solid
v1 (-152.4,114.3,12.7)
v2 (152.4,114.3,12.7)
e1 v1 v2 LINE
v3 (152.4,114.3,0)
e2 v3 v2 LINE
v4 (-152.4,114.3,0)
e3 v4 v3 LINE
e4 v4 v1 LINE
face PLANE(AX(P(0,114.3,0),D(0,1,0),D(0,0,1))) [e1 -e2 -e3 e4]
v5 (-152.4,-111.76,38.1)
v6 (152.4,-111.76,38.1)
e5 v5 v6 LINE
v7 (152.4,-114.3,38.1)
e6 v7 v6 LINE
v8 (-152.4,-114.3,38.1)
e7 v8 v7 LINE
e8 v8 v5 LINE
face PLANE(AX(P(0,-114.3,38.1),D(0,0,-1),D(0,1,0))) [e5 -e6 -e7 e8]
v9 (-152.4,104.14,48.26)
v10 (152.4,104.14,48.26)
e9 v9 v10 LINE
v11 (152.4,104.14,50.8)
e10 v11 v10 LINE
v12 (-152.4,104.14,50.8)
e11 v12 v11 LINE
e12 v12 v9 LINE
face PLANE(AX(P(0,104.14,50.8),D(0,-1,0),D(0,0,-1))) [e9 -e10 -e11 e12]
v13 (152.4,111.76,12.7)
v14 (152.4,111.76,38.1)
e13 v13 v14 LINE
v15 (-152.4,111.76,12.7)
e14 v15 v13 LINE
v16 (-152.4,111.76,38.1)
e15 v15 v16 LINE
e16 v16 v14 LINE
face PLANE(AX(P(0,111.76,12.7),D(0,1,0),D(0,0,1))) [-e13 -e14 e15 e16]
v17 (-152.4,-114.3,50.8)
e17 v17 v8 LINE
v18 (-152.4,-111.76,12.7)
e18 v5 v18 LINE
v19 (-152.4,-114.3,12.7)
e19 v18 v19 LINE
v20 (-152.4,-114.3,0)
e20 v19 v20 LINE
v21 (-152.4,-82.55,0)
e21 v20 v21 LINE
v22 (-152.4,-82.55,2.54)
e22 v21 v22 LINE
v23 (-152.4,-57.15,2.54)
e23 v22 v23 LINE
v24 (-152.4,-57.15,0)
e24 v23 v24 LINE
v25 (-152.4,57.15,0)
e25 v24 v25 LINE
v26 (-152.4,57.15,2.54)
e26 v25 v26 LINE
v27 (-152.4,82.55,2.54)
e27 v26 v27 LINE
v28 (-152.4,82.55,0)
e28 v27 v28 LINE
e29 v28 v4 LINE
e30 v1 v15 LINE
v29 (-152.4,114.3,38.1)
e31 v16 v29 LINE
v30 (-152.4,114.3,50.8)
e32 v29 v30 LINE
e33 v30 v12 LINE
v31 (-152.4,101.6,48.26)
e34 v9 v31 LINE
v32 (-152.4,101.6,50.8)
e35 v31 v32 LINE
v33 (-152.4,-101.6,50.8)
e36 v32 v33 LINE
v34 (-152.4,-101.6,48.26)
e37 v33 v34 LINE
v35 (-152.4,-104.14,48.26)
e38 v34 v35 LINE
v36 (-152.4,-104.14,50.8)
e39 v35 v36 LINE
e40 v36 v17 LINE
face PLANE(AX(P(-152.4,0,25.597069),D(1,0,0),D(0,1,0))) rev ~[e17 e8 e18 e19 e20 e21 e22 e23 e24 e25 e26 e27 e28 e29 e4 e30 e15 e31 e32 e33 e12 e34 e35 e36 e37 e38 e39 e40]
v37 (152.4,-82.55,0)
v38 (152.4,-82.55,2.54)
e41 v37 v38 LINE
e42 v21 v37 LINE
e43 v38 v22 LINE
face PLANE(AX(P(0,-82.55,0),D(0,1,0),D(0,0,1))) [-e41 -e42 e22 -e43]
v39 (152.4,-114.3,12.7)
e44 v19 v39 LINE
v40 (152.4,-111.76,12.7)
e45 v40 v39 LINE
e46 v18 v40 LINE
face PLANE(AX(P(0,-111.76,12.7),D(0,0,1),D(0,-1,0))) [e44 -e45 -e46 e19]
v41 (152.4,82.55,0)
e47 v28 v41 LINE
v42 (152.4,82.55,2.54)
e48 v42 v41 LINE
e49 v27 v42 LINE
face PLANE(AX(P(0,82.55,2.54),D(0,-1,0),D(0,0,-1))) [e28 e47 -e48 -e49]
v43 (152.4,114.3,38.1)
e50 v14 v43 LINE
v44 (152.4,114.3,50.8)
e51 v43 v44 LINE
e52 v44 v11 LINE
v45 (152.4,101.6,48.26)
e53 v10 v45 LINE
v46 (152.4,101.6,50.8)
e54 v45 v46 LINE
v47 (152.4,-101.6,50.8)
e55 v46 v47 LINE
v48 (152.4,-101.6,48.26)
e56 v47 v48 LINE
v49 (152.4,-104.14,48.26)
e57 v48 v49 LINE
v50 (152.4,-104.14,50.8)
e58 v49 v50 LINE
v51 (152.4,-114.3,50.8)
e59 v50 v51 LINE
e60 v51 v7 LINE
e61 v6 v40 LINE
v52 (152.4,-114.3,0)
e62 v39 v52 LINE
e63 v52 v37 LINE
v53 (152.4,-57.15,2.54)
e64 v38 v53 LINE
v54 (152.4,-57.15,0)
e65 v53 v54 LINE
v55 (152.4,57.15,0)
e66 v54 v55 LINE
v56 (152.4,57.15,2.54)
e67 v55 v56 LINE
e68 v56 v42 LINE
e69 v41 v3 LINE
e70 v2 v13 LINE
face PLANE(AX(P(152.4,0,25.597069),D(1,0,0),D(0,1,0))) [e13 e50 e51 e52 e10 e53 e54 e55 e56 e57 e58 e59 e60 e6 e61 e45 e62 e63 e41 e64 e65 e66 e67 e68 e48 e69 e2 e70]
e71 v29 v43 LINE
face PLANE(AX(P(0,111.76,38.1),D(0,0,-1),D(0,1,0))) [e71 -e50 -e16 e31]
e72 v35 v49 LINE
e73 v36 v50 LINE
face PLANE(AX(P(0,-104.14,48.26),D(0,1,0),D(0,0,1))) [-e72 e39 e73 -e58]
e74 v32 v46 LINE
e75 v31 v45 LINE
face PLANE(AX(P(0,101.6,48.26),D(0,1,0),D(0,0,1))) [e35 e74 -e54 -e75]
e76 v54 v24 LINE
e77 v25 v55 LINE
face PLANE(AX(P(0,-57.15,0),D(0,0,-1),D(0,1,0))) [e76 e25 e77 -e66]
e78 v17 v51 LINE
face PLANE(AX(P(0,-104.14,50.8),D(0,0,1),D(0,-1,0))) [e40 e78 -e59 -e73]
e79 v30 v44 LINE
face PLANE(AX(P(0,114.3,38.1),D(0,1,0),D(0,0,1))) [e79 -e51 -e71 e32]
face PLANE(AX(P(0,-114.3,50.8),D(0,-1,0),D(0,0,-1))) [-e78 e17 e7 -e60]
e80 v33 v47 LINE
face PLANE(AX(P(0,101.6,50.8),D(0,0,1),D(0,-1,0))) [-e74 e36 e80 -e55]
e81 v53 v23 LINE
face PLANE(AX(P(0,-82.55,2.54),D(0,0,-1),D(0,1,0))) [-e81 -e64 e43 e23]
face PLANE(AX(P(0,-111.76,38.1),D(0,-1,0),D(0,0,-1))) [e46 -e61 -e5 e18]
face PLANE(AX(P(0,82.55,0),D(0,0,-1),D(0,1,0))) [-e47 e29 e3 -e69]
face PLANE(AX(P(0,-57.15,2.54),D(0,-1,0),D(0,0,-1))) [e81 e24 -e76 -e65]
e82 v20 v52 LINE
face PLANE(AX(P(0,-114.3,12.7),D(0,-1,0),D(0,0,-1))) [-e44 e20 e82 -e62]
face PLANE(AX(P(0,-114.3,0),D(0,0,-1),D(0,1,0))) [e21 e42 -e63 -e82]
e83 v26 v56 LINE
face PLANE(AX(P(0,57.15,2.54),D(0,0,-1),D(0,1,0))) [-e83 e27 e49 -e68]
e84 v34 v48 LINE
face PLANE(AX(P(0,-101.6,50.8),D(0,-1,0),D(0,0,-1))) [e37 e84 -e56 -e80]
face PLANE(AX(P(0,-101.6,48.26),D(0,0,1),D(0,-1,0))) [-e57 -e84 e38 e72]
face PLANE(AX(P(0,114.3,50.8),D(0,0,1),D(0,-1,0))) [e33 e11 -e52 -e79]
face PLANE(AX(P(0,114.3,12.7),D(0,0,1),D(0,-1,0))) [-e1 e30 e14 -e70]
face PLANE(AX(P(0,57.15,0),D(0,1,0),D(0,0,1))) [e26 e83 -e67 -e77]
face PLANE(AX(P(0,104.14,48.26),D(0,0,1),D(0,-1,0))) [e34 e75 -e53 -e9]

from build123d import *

# Parameters (mm, degrees)
F1_DEPTH = 152.4


with BuildPart() as f1:
    # F0 (on Right) → F1 (new body, symmetric)
    with BuildSketch(Plane.YZ):
        Polygon((-57.15, 0), (0, 0), (57.15, 0), (57.15, 2.54), (82.55, 2.54), (82.55, 0), (114.3, 0), (114.3, 12.7), (111.76, 12.7), (111.76, 38.1), (114.3, 38.1), (114.3, 50.8), (104.14, 50.8), (104.14, 48.26), (101.6, 48.26), (101.6, 50.8), (0, 50.8), (-101.6, 50.8), (-101.6, 48.26), (-104.14, 48.26), (-104.14, 50.8), (-114.3, 50.8), (-114.3, 38.1), (-111.76, 38.1), (-111.76, 12.7), (-114.3, 12.7), (-114.3, 0), (-82.55, 0), (-82.55, 2.54), (-57.15, 2.54), align=None)
    extrude(amount=F1_DEPTH, both=True)


solid = f1.part
